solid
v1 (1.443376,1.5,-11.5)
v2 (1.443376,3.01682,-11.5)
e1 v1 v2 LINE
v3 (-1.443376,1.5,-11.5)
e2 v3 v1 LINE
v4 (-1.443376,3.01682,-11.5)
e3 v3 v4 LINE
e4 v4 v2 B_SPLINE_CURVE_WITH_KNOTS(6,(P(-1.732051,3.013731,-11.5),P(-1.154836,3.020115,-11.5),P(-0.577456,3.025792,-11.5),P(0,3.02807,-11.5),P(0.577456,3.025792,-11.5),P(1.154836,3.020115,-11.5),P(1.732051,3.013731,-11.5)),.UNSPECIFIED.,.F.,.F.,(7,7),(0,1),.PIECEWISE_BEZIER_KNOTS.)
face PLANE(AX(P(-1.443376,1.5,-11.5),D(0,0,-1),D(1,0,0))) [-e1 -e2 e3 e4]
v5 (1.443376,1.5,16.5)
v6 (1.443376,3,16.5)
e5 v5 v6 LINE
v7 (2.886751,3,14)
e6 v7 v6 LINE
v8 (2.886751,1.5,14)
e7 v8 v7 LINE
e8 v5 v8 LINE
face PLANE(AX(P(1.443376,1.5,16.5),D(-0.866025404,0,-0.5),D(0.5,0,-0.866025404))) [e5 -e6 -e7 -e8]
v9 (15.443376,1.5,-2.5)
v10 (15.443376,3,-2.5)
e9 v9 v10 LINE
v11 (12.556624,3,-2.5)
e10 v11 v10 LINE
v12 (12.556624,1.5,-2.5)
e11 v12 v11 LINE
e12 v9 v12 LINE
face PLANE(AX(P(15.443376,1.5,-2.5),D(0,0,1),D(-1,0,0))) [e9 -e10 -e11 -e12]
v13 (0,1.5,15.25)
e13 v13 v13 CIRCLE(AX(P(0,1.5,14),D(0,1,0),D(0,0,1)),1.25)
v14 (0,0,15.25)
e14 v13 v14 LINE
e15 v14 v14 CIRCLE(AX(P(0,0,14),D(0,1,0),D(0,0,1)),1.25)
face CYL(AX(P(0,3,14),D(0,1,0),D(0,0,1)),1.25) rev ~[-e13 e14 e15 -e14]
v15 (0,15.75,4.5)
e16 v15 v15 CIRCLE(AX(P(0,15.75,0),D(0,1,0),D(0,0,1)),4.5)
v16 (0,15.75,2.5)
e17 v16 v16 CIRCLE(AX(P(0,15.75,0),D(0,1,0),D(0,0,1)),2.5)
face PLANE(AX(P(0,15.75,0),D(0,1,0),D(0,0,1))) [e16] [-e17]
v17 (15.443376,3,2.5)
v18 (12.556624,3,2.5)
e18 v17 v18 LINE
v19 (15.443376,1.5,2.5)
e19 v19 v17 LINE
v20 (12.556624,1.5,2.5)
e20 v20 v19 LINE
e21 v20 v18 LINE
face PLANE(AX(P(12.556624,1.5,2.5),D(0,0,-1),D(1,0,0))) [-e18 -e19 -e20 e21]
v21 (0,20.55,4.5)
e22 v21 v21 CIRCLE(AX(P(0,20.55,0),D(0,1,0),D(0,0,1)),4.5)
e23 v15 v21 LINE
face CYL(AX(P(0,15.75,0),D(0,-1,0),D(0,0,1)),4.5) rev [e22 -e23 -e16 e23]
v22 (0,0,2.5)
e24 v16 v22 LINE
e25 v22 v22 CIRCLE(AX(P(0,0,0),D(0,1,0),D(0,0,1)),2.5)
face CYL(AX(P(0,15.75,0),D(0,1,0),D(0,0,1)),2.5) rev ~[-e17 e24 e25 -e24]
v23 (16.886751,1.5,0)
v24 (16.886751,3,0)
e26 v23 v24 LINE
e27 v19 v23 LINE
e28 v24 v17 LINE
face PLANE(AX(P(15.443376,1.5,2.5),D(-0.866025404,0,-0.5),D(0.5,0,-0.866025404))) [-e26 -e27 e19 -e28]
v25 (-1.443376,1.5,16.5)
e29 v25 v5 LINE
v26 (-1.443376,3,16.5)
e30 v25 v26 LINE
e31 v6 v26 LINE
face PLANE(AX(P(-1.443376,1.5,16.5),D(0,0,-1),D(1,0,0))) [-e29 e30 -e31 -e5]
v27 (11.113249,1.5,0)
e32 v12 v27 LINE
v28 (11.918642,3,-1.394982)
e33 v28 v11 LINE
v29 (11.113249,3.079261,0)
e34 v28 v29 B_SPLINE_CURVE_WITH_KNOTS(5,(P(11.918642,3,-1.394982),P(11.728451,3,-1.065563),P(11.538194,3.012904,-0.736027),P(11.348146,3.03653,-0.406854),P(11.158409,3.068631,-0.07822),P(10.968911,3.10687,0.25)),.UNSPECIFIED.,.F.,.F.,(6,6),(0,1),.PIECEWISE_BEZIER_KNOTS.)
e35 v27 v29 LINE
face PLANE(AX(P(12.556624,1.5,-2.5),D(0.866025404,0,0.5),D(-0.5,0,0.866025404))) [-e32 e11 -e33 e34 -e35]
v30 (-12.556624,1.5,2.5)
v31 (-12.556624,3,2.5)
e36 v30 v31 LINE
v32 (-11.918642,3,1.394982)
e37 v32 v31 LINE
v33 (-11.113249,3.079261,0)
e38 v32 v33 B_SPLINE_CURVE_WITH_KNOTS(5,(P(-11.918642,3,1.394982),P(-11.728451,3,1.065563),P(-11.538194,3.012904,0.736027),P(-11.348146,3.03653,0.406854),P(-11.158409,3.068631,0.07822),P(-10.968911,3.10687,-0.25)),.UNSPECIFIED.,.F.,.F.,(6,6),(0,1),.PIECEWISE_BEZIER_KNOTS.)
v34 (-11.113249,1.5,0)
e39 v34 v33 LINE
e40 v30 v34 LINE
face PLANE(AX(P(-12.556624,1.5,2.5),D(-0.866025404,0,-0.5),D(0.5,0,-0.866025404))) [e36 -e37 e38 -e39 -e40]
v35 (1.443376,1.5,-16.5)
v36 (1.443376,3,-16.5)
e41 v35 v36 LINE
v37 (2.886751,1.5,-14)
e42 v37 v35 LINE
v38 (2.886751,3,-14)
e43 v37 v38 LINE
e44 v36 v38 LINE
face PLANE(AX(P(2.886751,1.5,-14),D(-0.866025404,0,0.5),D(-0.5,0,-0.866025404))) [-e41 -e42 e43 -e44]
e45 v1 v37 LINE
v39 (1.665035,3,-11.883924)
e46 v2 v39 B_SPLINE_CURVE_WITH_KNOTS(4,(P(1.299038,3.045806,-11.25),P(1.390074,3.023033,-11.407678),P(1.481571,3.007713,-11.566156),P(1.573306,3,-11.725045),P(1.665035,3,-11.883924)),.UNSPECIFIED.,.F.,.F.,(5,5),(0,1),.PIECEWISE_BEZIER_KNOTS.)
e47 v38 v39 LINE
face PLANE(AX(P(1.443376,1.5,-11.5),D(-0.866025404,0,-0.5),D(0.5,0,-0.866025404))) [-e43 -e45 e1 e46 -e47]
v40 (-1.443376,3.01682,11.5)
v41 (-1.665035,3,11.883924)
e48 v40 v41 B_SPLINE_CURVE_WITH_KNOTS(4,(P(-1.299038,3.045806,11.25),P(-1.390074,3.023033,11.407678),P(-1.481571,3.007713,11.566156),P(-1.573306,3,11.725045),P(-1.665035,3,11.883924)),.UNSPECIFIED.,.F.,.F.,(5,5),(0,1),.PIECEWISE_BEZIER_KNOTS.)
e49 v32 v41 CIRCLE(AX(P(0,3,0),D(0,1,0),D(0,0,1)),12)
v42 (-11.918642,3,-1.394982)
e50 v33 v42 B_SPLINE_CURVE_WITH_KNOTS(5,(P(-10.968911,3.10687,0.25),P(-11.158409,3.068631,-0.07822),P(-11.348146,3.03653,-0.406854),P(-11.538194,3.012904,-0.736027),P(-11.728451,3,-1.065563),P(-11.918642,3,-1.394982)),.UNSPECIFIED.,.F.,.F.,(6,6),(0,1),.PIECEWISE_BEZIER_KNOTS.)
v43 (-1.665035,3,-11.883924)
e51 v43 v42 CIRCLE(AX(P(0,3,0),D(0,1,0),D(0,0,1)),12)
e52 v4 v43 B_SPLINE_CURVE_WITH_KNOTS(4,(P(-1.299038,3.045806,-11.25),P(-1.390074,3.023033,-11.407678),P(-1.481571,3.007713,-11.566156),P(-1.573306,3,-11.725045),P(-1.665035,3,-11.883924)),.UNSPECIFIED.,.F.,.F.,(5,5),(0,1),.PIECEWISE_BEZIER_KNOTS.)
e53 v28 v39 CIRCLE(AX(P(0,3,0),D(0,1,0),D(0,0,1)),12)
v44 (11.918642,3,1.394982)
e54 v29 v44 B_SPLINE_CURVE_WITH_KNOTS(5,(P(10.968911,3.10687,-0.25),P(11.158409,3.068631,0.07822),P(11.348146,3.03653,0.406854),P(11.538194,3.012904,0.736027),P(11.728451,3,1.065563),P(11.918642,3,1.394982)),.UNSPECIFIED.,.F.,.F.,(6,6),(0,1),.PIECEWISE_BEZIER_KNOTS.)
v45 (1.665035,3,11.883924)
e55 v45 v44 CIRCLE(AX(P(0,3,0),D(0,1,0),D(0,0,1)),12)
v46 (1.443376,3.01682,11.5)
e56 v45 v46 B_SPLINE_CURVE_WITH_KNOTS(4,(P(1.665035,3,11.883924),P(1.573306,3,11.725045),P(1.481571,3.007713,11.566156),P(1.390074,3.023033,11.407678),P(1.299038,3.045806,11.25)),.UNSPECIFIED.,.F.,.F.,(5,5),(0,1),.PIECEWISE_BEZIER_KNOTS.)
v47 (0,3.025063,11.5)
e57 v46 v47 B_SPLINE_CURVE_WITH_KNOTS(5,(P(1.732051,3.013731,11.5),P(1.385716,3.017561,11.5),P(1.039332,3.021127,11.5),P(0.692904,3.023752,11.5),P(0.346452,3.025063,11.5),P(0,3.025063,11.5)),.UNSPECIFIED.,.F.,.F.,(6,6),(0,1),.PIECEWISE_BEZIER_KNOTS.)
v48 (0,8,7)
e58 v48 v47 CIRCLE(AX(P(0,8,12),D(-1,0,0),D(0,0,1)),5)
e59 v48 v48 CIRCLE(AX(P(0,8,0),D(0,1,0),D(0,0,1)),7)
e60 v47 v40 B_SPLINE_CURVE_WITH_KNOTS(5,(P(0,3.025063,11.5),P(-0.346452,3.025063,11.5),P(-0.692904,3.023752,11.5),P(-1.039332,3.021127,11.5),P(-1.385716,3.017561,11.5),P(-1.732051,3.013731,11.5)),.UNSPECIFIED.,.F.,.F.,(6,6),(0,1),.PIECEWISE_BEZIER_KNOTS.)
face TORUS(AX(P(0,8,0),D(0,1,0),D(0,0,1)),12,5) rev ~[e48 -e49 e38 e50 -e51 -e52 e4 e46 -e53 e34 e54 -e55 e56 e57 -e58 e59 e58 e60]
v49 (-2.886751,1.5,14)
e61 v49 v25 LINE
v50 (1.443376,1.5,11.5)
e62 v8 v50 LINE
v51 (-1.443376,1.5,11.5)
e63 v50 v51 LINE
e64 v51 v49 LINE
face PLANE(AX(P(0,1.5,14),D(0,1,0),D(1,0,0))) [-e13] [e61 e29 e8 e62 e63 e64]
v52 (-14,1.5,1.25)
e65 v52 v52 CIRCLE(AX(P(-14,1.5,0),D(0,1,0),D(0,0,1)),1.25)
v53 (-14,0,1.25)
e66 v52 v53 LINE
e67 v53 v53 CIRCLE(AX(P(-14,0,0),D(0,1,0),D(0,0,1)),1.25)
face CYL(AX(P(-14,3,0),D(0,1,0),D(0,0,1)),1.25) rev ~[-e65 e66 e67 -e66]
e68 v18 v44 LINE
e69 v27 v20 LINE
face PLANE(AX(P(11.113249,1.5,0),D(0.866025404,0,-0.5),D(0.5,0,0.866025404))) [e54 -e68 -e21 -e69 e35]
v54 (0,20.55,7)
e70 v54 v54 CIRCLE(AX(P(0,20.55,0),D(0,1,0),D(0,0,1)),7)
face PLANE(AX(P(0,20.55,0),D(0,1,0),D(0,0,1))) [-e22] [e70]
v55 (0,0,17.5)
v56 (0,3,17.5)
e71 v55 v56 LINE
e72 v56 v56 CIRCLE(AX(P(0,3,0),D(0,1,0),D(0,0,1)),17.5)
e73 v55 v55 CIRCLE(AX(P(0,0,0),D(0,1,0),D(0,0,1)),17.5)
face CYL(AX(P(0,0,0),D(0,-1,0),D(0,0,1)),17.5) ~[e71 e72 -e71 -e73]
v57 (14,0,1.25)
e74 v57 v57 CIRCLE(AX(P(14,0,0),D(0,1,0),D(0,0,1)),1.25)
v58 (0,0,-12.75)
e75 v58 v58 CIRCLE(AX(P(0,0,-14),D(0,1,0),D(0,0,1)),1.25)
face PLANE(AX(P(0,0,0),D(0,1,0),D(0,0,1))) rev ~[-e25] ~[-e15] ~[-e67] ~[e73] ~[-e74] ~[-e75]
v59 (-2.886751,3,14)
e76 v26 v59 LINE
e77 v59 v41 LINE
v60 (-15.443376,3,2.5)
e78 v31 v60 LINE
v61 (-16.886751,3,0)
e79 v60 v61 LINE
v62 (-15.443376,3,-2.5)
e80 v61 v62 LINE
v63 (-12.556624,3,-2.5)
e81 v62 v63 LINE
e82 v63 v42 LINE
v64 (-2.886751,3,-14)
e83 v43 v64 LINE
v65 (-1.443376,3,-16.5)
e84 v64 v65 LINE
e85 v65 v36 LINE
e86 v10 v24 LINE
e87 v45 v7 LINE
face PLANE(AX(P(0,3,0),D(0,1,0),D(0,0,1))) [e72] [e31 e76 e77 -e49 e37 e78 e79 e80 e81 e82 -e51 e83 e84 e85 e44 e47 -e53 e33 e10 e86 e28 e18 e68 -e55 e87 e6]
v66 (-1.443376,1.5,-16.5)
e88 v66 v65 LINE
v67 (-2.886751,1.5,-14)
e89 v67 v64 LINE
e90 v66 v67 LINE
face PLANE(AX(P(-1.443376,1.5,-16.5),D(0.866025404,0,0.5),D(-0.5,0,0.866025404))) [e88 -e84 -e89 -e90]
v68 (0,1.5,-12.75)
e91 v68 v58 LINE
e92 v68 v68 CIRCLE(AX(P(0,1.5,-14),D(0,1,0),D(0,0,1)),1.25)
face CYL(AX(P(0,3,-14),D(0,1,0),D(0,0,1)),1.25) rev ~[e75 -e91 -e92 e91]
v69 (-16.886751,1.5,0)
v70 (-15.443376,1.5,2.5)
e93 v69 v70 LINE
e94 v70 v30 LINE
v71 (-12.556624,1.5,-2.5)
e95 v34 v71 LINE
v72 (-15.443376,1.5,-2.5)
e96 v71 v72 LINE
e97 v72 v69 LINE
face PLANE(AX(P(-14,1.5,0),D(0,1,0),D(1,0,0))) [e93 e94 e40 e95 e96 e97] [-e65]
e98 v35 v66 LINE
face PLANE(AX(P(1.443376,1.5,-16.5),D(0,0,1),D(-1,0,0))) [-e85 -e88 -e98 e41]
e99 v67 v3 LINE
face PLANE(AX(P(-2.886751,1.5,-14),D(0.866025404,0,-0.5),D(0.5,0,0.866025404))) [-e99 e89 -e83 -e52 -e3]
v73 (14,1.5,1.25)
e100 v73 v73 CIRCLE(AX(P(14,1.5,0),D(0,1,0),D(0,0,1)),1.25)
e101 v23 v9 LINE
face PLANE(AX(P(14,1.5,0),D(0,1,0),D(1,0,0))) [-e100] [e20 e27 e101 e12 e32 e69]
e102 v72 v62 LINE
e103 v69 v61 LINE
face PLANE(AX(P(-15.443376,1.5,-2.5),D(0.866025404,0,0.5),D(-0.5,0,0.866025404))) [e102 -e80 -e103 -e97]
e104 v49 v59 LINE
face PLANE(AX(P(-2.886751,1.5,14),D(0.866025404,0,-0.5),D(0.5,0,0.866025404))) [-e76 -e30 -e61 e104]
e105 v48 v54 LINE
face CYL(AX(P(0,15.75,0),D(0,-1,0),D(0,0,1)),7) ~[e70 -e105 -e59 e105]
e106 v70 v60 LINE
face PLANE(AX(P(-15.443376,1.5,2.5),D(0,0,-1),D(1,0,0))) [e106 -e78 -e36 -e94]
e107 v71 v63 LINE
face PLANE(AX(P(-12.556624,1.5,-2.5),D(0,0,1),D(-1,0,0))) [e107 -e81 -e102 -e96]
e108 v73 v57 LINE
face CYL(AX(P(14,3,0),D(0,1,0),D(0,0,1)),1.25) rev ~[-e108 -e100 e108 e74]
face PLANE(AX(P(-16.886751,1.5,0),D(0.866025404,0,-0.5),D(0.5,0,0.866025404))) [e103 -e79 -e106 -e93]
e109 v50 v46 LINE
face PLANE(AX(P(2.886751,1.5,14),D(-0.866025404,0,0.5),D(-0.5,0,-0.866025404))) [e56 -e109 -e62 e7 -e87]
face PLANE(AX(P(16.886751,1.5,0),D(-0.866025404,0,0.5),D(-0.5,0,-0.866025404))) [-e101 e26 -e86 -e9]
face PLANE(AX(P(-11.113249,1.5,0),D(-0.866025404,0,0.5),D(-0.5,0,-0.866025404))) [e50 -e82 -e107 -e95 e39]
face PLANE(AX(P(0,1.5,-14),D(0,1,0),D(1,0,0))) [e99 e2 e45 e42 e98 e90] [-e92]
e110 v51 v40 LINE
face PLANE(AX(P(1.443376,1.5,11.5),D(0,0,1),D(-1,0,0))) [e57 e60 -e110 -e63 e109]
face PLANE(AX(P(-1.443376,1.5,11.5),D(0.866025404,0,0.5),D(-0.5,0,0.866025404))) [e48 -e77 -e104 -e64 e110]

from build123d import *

# Parameters (mm, degrees)
SKETCH1_R               = 17.5
BOSS_EXTRUDE1_DEPTH     = 3
SKETCH2_R               = 7
BOSS_EXTRUDE2_DEPTH     = 12.75
SKETCH3_R               = 7
SKETCH3_R_2             = 4.5
BOSS_EXTRUDE3_DEPTH     = 4.8
SKETCH4_R               = 2.5
CUT_EXTRUDE1_DEPTH      = 19.8
FILLET1_R               = 5
SKETCH5_R               = 1.25
CUT_EXTRUDE2_DEPTH      = 3
CUT_EXTRUDE3_DEPTH      = 1.5
CUT_EXTRUDE3_DEPTH_BACK = 1.5


with BuildPart() as part:
    # Sketch1 → Boss-Extrude1 (new body)
    with BuildSketch(Plane(origin=(0, 0, 0), x_dir=(1, 0, 0), z_dir=(0, 1, 0))):
        with Locations(Location((0, 0, 0), (0, 0, 270))):
            Circle(SKETCH1_R)
    extrude(amount=BOSS_EXTRUDE1_DEPTH)

    # Sketch2 → Boss-Extrude2 (add)
    with BuildSketch(Plane(origin=(0, 3, 0), x_dir=(1, 0, 0), z_dir=(0, 1, 0))):
        with Locations(Location((0, 0, 0), (0, 0, 270))):
            Circle(SKETCH2_R)
    extrude(amount=BOSS_EXTRUDE2_DEPTH)

    # Sketch3 → Boss-Extrude3 (add)
    with BuildSketch(Plane(origin=(0, 15.75, 0), x_dir=(1, 0, 0), z_dir=(0, 1, 0))):
        with Locations(Location((0, 0, 0), (0, 0, 270))):
            Circle(SKETCH3_R)
        with Locations(Location((0, 0, 0), (0, 0, 270))):
            Circle(SKETCH3_R_2, mode=Mode.SUBTRACT)
    extrude(amount=BOSS_EXTRUDE3_DEPTH)

    # Sketch4 → Cut-Extrude1 (cut)
    with BuildSketch(Plane(origin=(0, 15.75, 0), x_dir=(1, 0, 0), z_dir=(0, 1, 0))):
        with Locations(Location((0, 0, 0), (0, 0, 270))):
            Circle(SKETCH4_R)
    extrude(amount=-CUT_EXTRUDE1_DEPTH, mode=Mode.SUBTRACT)

    # Fillet1
    fillet1_edges = [part.edges().sort_by_distance(p)[0] for p in [
        (0, 3, -7),
    ]]
    fillet(fillet1_edges, radius=FILLET1_R)

    # Sketch5 → Cut-Extrude2 (cut)
    with BuildSketch(Plane(origin=(0, 3, 0), x_dir=(1, 0, 0), z_dir=(0, 1, 0))):
        with Locations(Location((0, 14, 0), (0, 0, 270))):
            Circle(SKETCH5_R)
        with Locations(Location((14, 0, 0), (0, 0, 270))):
            Circle(SKETCH5_R)
        with Locations(Location((0, -14, 0), (0, 0, 270))):
            Circle(SKETCH5_R)
        with Locations(Location((-14, 0, 0), (0, 0, 270))):
            Circle(SKETCH5_R)
    extrude(amount=-CUT_EXTRUDE2_DEPTH, mode=Mode.SUBTRACT)

    # Sketch6 → Cut-Extrude3 (cut, two sides: drawn at the far end of the back side and taken through both)
    with BuildSketch(Plane(origin=(0, 3, 0), x_dir=(1, 0, 0), z_dir=(0, 1, 0)).offset(-CUT_EXTRUDE3_DEPTH_BACK)):
        Polygon((2.886751346, 14), (1.443375673, 16.5), (-1.443375673, 16.5), (-2.886751346, 14), (-1.443375673, 11.5), (1.443375673, 11.5), align=None)
        Polygon((16.886751346, 0), (15.443375673, 2.5), (12.556624327, 2.5), (11.113248654, 0), (12.556624327, -2.5), (15.443375673, -2.5), align=None)
        Polygon((2.886751346, -14), (1.443375673, -11.5), (-1.443375673, -11.5), (-2.886751346, -14), (-1.443375673, -16.5), (1.443375673, -16.5), align=None)
        Polygon((-11.113248654, 0), (-12.556624327, 2.5), (-15.443375673, 2.5), (-16.886751346, 0), (-15.443375673, -2.5), (-12.556624327, -2.5), align=None)
    extrude(amount=CUT_EXTRUDE3_DEPTH + CUT_EXTRUDE3_DEPTH_BACK, mode=Mode.SUBTRACT)


solid = part.part
